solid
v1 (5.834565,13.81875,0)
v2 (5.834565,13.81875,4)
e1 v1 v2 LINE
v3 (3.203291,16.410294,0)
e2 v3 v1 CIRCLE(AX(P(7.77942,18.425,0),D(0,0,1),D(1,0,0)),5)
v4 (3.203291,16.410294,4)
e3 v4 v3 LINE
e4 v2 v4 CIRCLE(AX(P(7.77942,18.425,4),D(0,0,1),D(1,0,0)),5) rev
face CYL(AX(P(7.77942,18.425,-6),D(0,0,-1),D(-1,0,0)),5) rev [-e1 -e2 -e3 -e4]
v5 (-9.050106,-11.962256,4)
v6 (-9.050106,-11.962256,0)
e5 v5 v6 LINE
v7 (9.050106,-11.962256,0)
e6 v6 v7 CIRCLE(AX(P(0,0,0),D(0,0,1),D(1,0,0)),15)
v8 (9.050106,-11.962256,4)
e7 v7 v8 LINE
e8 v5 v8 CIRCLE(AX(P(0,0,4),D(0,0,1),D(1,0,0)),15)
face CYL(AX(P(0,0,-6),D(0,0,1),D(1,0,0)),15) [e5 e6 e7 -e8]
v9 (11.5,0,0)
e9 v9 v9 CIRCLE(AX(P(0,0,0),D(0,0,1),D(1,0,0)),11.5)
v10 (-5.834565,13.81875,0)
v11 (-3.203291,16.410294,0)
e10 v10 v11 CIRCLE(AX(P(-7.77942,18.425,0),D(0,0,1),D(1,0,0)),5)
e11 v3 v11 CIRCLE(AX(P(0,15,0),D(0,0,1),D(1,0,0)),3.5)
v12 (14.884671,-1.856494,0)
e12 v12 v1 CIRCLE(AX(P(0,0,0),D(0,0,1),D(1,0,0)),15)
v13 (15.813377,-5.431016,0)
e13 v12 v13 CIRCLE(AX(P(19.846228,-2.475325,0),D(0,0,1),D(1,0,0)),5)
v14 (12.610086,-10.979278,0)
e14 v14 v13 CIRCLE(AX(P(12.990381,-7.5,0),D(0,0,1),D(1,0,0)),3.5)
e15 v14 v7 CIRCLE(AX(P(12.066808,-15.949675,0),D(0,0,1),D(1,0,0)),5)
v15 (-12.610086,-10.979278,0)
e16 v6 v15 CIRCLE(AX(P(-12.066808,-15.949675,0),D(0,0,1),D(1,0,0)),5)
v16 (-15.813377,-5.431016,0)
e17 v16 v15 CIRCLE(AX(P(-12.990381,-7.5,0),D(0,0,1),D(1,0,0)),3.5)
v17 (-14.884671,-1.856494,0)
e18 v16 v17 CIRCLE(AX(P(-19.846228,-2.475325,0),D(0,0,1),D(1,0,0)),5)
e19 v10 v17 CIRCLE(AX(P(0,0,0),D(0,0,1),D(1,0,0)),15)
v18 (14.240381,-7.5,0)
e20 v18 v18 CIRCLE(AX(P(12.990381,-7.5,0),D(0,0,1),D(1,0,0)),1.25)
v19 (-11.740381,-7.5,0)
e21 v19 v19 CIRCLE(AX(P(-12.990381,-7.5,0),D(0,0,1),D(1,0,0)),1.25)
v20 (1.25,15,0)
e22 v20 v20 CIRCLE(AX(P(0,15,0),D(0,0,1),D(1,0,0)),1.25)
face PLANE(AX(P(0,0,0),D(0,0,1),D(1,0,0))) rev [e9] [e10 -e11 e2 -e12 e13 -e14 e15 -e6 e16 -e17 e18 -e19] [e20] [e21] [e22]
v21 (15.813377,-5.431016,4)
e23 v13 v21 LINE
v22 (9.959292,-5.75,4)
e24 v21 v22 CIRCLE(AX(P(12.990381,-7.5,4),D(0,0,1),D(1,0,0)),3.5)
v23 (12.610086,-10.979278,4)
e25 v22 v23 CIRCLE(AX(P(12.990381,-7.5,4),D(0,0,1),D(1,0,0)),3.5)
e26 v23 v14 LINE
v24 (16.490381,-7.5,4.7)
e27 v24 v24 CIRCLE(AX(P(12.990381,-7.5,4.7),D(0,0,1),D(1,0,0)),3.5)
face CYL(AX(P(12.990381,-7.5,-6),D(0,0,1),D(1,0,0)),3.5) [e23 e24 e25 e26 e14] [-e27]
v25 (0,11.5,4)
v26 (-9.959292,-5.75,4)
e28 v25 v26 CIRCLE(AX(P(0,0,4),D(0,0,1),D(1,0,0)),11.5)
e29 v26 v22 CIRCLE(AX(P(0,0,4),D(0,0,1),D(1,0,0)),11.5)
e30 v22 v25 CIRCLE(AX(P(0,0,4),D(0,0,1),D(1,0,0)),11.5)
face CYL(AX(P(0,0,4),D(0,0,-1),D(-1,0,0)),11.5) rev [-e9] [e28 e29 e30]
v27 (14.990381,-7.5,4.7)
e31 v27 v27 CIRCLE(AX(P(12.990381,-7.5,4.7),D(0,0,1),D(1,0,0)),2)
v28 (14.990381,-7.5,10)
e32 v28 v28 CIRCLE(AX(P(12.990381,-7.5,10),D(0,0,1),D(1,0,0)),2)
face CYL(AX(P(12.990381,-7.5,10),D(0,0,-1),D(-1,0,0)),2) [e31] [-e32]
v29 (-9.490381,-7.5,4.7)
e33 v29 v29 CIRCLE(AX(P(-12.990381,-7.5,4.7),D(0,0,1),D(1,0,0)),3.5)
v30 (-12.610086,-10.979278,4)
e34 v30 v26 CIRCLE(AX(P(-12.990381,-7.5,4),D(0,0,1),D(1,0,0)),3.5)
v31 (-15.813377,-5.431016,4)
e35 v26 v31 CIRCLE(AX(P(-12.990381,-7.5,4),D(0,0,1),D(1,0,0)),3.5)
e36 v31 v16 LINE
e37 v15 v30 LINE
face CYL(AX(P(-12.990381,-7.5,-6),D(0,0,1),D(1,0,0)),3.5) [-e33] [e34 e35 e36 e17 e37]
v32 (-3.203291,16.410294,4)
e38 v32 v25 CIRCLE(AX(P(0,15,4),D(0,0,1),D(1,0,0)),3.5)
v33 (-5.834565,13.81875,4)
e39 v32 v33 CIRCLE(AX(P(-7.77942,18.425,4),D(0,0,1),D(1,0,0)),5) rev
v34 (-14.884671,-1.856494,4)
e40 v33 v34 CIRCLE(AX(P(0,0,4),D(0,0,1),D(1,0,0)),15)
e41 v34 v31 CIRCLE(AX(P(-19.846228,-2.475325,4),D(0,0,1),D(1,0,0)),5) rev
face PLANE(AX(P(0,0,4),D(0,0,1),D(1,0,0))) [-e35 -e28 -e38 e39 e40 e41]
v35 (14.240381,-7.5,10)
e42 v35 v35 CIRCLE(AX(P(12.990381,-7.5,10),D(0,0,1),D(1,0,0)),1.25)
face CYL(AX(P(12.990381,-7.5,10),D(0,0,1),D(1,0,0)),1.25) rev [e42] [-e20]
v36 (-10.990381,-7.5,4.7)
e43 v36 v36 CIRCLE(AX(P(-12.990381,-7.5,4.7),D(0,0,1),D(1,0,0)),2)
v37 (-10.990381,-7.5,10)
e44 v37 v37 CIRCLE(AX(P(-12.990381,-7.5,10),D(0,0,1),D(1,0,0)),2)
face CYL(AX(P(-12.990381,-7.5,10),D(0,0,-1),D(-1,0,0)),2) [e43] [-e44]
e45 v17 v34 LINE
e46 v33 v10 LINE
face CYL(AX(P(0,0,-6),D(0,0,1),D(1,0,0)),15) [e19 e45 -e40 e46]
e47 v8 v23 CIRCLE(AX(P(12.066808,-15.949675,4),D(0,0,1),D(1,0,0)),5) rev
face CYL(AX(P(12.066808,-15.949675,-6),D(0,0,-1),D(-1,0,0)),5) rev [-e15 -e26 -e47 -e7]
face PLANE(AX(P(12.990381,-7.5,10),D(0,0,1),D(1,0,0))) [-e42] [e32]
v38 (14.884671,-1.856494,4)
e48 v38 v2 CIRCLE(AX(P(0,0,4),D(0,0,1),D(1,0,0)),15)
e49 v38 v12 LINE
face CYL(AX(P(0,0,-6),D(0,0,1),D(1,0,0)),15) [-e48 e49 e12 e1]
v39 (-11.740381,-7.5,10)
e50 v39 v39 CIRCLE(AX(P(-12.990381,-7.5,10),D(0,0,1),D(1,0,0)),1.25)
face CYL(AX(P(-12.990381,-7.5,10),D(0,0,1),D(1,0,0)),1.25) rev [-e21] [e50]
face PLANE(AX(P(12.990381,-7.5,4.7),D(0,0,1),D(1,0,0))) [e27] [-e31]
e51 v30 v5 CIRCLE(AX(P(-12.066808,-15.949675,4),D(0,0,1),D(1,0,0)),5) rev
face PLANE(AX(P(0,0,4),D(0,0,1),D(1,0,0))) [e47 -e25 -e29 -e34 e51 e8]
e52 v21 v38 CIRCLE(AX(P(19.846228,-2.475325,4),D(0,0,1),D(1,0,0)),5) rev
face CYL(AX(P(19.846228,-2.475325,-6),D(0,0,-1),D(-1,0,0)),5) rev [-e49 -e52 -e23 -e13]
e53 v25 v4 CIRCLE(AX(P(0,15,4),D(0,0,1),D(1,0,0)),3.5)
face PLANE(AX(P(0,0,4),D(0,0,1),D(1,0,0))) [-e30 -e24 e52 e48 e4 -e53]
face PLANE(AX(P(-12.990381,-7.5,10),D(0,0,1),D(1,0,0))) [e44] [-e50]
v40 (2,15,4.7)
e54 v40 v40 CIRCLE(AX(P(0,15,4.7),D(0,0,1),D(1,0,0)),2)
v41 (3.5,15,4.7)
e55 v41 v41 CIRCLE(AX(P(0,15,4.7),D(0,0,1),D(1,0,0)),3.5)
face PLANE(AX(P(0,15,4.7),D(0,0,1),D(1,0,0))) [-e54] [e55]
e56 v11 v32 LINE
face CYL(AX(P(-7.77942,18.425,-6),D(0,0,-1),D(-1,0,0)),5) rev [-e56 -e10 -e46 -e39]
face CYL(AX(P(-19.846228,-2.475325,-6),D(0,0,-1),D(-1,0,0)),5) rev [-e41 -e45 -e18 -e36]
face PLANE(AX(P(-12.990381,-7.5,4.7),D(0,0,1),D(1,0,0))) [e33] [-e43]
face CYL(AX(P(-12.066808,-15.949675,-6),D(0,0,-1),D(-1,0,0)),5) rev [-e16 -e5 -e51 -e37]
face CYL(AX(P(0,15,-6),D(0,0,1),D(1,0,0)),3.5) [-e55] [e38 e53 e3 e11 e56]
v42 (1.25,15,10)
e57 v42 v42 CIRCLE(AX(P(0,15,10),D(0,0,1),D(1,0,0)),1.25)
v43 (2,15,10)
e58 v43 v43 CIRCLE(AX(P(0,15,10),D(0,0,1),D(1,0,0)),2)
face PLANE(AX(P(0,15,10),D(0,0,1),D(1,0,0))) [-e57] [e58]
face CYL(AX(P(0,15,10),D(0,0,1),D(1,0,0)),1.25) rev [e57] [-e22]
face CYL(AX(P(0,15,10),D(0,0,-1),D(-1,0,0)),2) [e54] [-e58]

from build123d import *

# Parameters (mm, degrees)
SKETCH1_R                   = 18.5
SKETCH1_R_2                 = 11.5
BOSS_EXTRUDE1_DEPTH         = 4
SKETCH2_R                   = 2
BOSS_EXTRUDE2_DEPTH         = 6
TAP_DRILL_FOR_M3X0_5_TAP1_D = 2.5
CUT_EXTRUDE1_DEPTH          = 10
FILLET1_R                   = 5
SKETCH6_R                   = 3.5
SKETCH6_R_2                 = 2
BOSS_EXTRUDE3_DEPTH         = 0.7


with BuildPart() as part:
    # Sketch1 → Boss-Extrude1 (new body)
    with BuildSketch(Plane.XY):
        Circle(SKETCH1_R)
        Circle(SKETCH1_R_2, mode=Mode.SUBTRACT)
    extrude(amount=BOSS_EXTRUDE1_DEPTH)

    # Sketch2 → Boss-Extrude2 (add)
    with BuildSketch(Plane.XY.offset(4)):
        with Locations((0, 15)):
            Circle(SKETCH2_R)
        with Locations((12.990381057, -7.5)):
            Circle(SKETCH2_R)
        with Locations((-12.990381057, -7.5)):
            Circle(SKETCH2_R)
    extrude(amount=BOSS_EXTRUDE2_DEPTH)

    # Tap Drill for M3x0.5 Tap1 (through all)
    with Locations(Plane(origin=(0, 15, 10), x_dir=(1, 0, 0), z_dir=(0, 0, 1))):
        with Locations((0, 0), (12.990381057, -22.5), (-12.990381057, -22.5)):
            Hole(TAP_DRILL_FOR_M3X0_5_TAP1_D / 2)

    # Sketch5 → Cut-Extrude1 (cut)
    with BuildSketch(Plane.XY.offset(4)):
        with BuildLine():
            ThreePointArc((0, 18.5), (2.615259707, 17.326030238), (3.476098947, 14.591666667))
            ThreePointArc((3.476098947, 14.591666667), (12.990381057, 7.5), (14.37480349, -4.285443339))
            ThreePointArc((14.37480349, -4.285443339), (16.312412175, -6.398133741), (16.021470006, -9.249999937))
            ThreePointArc((16.021470006, -9.249999937), (16.021469952, 9.250000031), (0, 18.5))
        make_face()
        with BuildLine():
            ThreePointArc((-3.476098947, 14.591666667), (-2.615259707, 17.326030238), (0, 18.5))
            ThreePointArc((0, 18.5), (-16.021469952, 9.250000031), (-16.021470006, -9.249999937))
            ThreePointArc((-16.021470006, -9.249999937), (-16.312412175, -6.398133741), (-14.37480349, -4.285443339))
            ThreePointArc((-14.37480349, -4.285443339), (-12.990381057, 7.5), (-3.476098947, 14.591666667))
        make_face()
        with BuildLine():
            ThreePointArc((-10.898704543, -10.306223327), (-13.697152515, -10.927896455), (-16.021470006, -9.249999937))
            ThreePointArc((-16.021470006, -9.249999937), (0, -18.5), (16.021470006, -9.249999937))
            ThreePointArc((16.021470006, -9.249999937), (13.697152515, -10.927896455), (10.898704543, -10.306223327))
            ThreePointArc((10.898704543, -10.306223327), (0, -15), (-10.898704543, -10.306223327))
        make_face()
    extrude(amount=-CUT_EXTRUDE1_DEPTH, mode=Mode.SUBTRACT)

    # Fillet1
    fillet1_edges = [part.edges().sort_by_distance(p)[0] for p in [
        (-3.476098947, 14.591666667, 2),
        (-14.37480349, -4.285443339, 2),
        (14.37480349, -4.285443339, 2),
        (3.476098947, 14.591666667, 2),
        (-10.898704543, -10.306223327, 2),
        (10.898704543, -10.306223327, 2),
    ]]
    fillet(fillet1_edges, radius=FILLET1_R)

    # Sketch6 → Boss-Extrude3 (add)
    with BuildSketch(Plane.XY.offset(4)):
        with Locations((-12.990381057, -7.5)):
            Circle(SKETCH6_R)
        with Locations((-12.990381057, -7.5)):
            Circle(SKETCH6_R_2, mode=Mode.SUBTRACT)
        with Locations((0, 15)):
            Circle(SKETCH6_R)
        with Locations((0, 15)):
            Circle(SKETCH6_R_2, mode=Mode.SUBTRACT)
        with Locations((12.990381057, -7.5)):
            Circle(SKETCH6_R)
        with Locations((12.990381057, -7.5)):
            Circle(SKETCH6_R_2, mode=Mode.SUBTRACT)
    extrude(amount=BOSS_EXTRUDE3_DEPTH)


solid = part.part
